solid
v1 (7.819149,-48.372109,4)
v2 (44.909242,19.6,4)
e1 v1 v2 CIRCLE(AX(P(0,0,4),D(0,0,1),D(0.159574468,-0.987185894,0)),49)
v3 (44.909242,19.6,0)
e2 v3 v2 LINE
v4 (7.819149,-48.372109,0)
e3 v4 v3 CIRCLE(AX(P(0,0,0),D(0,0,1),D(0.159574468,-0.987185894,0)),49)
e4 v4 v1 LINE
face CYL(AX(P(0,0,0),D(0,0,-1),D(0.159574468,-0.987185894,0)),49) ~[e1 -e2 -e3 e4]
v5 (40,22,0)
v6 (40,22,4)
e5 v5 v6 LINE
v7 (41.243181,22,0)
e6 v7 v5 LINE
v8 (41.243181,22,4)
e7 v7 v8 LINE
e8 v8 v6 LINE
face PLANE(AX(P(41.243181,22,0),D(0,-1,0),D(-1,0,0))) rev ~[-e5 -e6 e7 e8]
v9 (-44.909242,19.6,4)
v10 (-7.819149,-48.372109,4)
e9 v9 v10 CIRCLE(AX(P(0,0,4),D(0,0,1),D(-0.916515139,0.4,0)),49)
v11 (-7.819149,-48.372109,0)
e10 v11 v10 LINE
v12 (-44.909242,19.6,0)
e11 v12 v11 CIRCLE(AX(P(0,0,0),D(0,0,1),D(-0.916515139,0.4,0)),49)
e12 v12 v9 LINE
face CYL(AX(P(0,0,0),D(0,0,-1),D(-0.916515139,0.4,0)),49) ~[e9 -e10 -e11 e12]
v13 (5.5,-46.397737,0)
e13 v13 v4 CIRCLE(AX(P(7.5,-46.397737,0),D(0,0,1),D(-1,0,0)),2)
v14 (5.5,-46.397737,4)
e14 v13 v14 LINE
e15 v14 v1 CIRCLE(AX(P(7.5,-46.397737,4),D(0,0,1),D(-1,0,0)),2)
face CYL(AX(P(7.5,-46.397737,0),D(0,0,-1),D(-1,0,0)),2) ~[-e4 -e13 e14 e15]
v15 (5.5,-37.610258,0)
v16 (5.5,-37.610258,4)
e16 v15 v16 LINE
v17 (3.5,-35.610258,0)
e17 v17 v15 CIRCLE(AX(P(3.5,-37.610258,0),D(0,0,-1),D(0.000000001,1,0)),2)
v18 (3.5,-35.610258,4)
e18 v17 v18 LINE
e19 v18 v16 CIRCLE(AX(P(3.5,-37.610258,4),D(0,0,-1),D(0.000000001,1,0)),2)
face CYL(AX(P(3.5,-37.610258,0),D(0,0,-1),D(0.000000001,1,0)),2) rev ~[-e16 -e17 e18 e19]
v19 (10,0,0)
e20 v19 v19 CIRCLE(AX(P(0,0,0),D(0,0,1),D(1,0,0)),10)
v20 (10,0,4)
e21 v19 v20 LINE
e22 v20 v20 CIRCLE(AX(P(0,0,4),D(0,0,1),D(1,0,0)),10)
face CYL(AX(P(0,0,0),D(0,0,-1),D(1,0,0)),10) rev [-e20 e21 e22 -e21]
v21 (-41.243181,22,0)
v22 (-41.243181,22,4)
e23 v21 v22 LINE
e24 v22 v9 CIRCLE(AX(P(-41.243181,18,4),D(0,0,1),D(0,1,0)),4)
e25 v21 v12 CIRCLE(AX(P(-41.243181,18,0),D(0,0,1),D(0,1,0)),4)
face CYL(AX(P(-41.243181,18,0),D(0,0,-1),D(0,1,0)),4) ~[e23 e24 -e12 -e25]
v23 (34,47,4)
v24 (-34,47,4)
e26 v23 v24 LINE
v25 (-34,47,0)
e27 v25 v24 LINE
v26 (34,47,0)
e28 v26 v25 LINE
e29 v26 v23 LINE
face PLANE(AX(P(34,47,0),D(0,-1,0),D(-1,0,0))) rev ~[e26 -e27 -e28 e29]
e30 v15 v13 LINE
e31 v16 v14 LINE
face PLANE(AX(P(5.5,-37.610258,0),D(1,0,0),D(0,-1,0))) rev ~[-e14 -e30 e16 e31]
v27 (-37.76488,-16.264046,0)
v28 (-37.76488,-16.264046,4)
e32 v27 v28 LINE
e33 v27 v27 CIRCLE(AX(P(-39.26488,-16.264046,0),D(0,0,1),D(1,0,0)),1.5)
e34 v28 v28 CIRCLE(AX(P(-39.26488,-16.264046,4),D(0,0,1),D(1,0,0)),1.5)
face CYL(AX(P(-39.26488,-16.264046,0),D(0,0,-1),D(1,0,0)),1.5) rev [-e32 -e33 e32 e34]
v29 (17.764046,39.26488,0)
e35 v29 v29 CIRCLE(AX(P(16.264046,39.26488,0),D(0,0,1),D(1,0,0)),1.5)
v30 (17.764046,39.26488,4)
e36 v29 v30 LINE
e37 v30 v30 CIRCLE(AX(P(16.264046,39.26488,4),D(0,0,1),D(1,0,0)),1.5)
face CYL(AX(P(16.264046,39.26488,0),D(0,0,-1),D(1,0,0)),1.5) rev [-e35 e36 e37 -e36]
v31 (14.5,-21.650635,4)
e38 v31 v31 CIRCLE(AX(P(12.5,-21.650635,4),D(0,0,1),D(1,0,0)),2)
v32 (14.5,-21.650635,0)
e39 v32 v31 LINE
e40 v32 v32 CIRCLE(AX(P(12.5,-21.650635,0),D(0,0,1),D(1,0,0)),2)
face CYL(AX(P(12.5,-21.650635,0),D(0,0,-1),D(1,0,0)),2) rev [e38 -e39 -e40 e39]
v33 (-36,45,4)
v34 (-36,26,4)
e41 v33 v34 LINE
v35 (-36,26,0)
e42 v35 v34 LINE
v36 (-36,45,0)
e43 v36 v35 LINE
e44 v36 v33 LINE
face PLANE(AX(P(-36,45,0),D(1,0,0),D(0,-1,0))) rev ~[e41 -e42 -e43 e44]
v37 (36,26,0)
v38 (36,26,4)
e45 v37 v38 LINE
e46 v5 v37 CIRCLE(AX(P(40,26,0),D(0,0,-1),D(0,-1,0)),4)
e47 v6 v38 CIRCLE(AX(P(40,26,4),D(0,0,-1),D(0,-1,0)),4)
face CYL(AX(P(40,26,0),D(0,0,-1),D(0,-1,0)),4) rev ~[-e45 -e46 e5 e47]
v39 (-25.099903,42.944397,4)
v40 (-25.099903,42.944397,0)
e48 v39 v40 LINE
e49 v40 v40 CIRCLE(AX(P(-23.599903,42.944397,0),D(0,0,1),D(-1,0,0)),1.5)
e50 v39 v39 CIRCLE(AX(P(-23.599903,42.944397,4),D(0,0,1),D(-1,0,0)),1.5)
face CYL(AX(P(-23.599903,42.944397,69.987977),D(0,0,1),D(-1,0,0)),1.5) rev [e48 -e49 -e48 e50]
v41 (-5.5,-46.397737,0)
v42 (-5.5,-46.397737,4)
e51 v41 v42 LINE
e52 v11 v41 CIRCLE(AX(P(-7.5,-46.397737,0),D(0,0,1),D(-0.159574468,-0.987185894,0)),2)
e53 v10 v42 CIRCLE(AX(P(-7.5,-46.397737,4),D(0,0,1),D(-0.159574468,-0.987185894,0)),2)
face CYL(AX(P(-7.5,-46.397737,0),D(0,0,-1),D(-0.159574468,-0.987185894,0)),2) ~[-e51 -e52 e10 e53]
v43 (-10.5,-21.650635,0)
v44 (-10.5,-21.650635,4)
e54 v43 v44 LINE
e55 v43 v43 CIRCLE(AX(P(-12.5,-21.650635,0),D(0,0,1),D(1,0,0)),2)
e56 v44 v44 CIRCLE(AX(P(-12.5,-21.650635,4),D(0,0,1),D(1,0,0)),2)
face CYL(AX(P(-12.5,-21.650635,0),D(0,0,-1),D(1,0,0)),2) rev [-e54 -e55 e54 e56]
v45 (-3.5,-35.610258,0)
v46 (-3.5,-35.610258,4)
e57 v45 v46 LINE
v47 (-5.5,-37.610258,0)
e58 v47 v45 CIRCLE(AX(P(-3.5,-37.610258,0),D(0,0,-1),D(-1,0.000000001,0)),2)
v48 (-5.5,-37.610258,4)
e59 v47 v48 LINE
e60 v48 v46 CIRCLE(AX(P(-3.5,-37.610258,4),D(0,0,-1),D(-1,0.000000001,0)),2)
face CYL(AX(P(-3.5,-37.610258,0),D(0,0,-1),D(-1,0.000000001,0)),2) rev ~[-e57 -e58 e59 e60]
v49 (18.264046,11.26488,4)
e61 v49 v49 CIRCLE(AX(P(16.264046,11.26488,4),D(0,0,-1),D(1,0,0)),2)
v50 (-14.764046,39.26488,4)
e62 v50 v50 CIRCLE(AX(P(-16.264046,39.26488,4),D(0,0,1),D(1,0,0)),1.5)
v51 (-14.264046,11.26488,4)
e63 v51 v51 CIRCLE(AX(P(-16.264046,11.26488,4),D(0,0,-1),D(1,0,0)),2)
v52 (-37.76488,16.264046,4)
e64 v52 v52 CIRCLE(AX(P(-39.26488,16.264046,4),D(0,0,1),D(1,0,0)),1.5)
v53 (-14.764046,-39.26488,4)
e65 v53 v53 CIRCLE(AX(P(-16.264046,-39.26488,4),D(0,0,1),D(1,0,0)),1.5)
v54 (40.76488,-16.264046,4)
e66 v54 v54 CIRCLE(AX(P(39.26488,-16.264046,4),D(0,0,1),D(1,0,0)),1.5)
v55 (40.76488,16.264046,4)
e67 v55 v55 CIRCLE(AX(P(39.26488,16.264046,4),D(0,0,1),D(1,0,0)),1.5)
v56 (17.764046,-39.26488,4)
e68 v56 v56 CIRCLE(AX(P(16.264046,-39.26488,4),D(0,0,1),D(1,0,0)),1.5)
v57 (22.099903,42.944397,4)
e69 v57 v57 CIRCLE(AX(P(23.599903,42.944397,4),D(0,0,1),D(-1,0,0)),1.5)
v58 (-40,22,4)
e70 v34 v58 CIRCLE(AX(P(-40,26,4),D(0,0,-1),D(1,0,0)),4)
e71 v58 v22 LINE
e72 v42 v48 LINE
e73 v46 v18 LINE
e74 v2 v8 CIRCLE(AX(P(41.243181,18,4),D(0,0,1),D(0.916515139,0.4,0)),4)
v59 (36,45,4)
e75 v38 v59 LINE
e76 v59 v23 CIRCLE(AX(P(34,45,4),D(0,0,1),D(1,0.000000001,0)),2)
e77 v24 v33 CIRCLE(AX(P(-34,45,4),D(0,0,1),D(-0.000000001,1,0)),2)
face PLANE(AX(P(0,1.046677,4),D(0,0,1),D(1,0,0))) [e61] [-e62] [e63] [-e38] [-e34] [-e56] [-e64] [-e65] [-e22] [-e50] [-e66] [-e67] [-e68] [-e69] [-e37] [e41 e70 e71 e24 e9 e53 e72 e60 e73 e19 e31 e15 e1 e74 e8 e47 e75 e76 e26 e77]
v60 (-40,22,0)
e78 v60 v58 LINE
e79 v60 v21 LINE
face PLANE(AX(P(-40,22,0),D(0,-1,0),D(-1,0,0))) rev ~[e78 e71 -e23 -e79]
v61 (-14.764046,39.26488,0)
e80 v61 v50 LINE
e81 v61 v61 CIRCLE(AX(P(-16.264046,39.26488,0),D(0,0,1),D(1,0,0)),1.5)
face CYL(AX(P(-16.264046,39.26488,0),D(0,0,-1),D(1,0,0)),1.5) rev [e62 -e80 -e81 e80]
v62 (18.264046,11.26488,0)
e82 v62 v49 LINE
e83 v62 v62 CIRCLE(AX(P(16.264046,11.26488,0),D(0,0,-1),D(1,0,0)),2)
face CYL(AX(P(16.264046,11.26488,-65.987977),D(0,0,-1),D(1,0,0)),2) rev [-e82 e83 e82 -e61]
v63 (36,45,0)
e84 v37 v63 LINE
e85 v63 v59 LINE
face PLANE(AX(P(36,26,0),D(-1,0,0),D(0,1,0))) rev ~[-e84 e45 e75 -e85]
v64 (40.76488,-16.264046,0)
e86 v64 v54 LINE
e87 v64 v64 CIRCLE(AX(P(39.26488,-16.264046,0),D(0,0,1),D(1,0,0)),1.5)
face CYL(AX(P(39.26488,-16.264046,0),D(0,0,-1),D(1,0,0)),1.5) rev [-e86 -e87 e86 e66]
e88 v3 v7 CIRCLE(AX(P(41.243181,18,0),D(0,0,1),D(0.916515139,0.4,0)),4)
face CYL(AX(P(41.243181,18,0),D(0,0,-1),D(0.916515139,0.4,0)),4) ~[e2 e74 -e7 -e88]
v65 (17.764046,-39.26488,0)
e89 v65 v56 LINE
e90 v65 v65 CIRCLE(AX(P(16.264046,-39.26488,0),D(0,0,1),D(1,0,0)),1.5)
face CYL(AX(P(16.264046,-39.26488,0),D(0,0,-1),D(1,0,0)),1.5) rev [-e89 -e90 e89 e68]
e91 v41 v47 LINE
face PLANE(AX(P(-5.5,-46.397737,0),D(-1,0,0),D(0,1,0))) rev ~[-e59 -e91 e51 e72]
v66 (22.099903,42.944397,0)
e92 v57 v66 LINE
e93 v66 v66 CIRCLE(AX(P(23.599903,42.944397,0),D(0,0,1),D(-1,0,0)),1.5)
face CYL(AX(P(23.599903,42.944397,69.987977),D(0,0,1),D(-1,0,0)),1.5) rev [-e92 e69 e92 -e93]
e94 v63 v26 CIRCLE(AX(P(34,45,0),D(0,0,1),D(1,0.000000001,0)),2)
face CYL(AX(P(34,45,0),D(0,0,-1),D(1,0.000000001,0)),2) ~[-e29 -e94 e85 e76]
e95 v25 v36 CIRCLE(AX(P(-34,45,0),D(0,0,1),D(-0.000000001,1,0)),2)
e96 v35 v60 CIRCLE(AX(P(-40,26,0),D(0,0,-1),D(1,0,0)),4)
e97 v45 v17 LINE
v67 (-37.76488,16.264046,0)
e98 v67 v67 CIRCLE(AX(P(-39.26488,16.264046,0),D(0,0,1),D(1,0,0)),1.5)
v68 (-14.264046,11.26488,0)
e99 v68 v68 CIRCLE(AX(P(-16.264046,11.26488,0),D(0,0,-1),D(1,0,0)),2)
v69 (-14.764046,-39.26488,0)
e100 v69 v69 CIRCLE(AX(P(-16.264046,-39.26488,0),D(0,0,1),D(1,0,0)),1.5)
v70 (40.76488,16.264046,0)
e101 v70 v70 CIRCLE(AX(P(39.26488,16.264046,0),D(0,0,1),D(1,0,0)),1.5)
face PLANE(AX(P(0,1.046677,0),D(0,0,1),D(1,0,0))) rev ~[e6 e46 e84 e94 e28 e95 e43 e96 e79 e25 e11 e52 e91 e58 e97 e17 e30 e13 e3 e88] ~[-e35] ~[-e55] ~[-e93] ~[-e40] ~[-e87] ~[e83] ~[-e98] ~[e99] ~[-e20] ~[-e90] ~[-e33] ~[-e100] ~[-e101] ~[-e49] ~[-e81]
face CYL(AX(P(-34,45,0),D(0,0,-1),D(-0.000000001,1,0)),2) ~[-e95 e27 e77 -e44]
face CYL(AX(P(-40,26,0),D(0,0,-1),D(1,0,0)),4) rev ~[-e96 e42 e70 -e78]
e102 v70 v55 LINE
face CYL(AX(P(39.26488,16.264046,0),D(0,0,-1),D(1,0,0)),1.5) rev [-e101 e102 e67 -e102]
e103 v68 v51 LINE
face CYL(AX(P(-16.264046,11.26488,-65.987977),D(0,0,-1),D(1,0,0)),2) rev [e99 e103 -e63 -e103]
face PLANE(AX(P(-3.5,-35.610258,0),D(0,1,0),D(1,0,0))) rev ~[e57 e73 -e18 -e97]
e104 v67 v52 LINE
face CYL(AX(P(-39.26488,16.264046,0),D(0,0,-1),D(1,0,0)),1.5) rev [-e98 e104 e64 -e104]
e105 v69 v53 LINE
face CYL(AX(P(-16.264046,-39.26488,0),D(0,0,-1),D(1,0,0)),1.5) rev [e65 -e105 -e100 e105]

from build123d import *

# Parameters (mm, degrees)
SKETCH_1_R               = 10
SKETCH_1_R_2             = 2
SKETCH_1_R_3             = 1.5
EXTRUDE_1_DEPTH          = 4
CUT_EXTRUDE_1_DEPTH      = 69.987976837
CUT_EXTRUDE_1_DEPTH_BACK = 69.987976837
SKETCH_2_R               = 2
CUT_EXTRUDE_2_DEPTH      = 69.987976837
CUT_EXTRUDE_2_DEPTH_BACK = 69.987976837
SKETCH_3_R               = 1.5
CUT_EXTRUDE_3_DEPTH      = 69.987976837
CUT_EXTRUDE_3_DEPTH_BACK = 69.987976837
SKETCH_4_R               = 1.5


with BuildPart() as part:
    # 草图1 → 凸台-拉伸1 (new body)
    with BuildSketch(Plane.XY):
        with BuildLine():
            Line((-5.5, -46.397737014), (-5.5, -37.610257999))
            ThreePointArc((-5.5, -37.610257999), (-4.914213562, -36.196044437), (-3.5, -35.610257999))
            Line((-3.5, -35.610257999), (3.5, -35.610257999))
            ThreePointArc((3.5, -35.610257999), (4.914213562, -36.196044437), (5.5, -37.610257999))
            Line((5.5, -37.610257999), (5.5, -46.397737014))
            ThreePointArc((5.5, -46.397737014), (6.203523597, -47.920612234), (7.819148936, -48.372108802))
            ThreePointArc((7.819148936, -48.372108802), (43.01305257, -23.470775628), (44.909241811, 19.6))
            ThreePointArc((44.909241811, 19.6), (43.434071485, 21.346640106), (41.243181255, 22))
            Line((41.243181255, 22), (40, 22))
            ThreePointArc((40, 22), (37.171572875, 23.171572875), (36, 26))
            Line((36, 26), (36, 45))
            ThreePointArc((36, 45), (35.414213562, 46.414213562), (34, 47))
            Line((34, 47), (-34, 47))
            ThreePointArc((-34, 47), (-35.414213562, 46.414213562), (-36, 45))
            Line((-36, 45), (-36, 26))
            ThreePointArc((-36, 26), (-37.171572875, 23.171572875), (-40, 22))
            Line((-40, 22), (-41.243181255, 22))
            ThreePointArc((-41.243181255, 22), (-43.434071485, 21.346640106), (-44.909241811, 19.6))
            ThreePointArc((-44.909241811, 19.6), (-43.01305257, -23.470775628), (-7.819148936, -48.372108802))
            ThreePointArc((-7.819148936, -48.372108802), (-6.203523597, -47.920612234), (-5.5, -46.397737014))
        make_face()
        Circle(SKETCH_1_R, mode=Mode.SUBTRACT)
        with Locations((12.5, -21.650635095)):
            Circle(SKETCH_1_R_2, mode=Mode.SUBTRACT)
        with Locations((-12.5, -21.650635095)):
            Circle(SKETCH_1_R_2, mode=Mode.SUBTRACT)
        with Locations((-16.264045876, 39.264880132)):
            Circle(SKETCH_1_R_3, mode=Mode.SUBTRACT)
        with Locations((16.264045876, 39.264880132)):
            Circle(SKETCH_1_R_3, mode=Mode.SUBTRACT)
        with Locations((39.264880132, 16.264045876)):
            Circle(SKETCH_1_R_3, mode=Mode.SUBTRACT)
        with Locations((39.264880132, -16.264045876)):
            Circle(SKETCH_1_R_3, mode=Mode.SUBTRACT)
        with Locations((16.264045876, -39.264880132)):
            Circle(SKETCH_1_R_3, mode=Mode.SUBTRACT)
        with Locations((-16.264045876, -39.264880132)):
            Circle(SKETCH_1_R_3, mode=Mode.SUBTRACT)
        with Locations((-39.264880132, -16.264045876)):
            Circle(SKETCH_1_R_3, mode=Mode.SUBTRACT)
        with Locations((-39.264880132, 16.264045876)):
            Circle(SKETCH_1_R_3, mode=Mode.SUBTRACT)
    extrude(amount=EXTRUDE_1_DEPTH)

    # 草图2 → 切除-拉伸1 (cut, two sides: drawn at the far end of the back side and taken through both)
    with BuildSketch(Plane.XY.offset(4).offset(-CUT_EXTRUDE_1_DEPTH_BACK)):
        with Locations((-16.264045876, 11.264880132)):
            Circle(SKETCH_2_R)
        with Locations((16.264045876, 11.264880132)):
            Circle(SKETCH_2_R)
    extrude(amount=CUT_EXTRUDE_1_DEPTH + CUT_EXTRUDE_1_DEPTH_BACK, mode=Mode.SUBTRACT)

    # 草图3 → 切除-拉伸2 (cut, two sides: drawn at the far end of the back side and taken through both)
    with BuildSketch(Plane(origin=(0, 0, 0), x_dir=(-1, 0, 0), z_dir=(0, 0, -1)).offset(-CUT_EXTRUDE_2_DEPTH_BACK)):
        with Locations((-23.599902633, 42.944396943)):
            Circle(SKETCH_3_R)
    extrude(amount=CUT_EXTRUDE_2_DEPTH + CUT_EXTRUDE_2_DEPTH_BACK, mode=Mode.SUBTRACT)

    # 草图4 → 切除-拉伸3 (cut, two sides: drawn at the far end of the back side and taken through both)
    with BuildSketch(Plane(origin=(0, 0, 0), x_dir=(-1, 0, 0), z_dir=(0, 0, -1)).offset(-CUT_EXTRUDE_3_DEPTH_BACK)):
        with Locations((23.599902633, 42.944396943)):
            Circle(SKETCH_4_R)
    extrude(amount=CUT_EXTRUDE_3_DEPTH + CUT_EXTRUDE_3_DEPTH_BACK, mode=Mode.SUBTRACT)


solid = part.part
